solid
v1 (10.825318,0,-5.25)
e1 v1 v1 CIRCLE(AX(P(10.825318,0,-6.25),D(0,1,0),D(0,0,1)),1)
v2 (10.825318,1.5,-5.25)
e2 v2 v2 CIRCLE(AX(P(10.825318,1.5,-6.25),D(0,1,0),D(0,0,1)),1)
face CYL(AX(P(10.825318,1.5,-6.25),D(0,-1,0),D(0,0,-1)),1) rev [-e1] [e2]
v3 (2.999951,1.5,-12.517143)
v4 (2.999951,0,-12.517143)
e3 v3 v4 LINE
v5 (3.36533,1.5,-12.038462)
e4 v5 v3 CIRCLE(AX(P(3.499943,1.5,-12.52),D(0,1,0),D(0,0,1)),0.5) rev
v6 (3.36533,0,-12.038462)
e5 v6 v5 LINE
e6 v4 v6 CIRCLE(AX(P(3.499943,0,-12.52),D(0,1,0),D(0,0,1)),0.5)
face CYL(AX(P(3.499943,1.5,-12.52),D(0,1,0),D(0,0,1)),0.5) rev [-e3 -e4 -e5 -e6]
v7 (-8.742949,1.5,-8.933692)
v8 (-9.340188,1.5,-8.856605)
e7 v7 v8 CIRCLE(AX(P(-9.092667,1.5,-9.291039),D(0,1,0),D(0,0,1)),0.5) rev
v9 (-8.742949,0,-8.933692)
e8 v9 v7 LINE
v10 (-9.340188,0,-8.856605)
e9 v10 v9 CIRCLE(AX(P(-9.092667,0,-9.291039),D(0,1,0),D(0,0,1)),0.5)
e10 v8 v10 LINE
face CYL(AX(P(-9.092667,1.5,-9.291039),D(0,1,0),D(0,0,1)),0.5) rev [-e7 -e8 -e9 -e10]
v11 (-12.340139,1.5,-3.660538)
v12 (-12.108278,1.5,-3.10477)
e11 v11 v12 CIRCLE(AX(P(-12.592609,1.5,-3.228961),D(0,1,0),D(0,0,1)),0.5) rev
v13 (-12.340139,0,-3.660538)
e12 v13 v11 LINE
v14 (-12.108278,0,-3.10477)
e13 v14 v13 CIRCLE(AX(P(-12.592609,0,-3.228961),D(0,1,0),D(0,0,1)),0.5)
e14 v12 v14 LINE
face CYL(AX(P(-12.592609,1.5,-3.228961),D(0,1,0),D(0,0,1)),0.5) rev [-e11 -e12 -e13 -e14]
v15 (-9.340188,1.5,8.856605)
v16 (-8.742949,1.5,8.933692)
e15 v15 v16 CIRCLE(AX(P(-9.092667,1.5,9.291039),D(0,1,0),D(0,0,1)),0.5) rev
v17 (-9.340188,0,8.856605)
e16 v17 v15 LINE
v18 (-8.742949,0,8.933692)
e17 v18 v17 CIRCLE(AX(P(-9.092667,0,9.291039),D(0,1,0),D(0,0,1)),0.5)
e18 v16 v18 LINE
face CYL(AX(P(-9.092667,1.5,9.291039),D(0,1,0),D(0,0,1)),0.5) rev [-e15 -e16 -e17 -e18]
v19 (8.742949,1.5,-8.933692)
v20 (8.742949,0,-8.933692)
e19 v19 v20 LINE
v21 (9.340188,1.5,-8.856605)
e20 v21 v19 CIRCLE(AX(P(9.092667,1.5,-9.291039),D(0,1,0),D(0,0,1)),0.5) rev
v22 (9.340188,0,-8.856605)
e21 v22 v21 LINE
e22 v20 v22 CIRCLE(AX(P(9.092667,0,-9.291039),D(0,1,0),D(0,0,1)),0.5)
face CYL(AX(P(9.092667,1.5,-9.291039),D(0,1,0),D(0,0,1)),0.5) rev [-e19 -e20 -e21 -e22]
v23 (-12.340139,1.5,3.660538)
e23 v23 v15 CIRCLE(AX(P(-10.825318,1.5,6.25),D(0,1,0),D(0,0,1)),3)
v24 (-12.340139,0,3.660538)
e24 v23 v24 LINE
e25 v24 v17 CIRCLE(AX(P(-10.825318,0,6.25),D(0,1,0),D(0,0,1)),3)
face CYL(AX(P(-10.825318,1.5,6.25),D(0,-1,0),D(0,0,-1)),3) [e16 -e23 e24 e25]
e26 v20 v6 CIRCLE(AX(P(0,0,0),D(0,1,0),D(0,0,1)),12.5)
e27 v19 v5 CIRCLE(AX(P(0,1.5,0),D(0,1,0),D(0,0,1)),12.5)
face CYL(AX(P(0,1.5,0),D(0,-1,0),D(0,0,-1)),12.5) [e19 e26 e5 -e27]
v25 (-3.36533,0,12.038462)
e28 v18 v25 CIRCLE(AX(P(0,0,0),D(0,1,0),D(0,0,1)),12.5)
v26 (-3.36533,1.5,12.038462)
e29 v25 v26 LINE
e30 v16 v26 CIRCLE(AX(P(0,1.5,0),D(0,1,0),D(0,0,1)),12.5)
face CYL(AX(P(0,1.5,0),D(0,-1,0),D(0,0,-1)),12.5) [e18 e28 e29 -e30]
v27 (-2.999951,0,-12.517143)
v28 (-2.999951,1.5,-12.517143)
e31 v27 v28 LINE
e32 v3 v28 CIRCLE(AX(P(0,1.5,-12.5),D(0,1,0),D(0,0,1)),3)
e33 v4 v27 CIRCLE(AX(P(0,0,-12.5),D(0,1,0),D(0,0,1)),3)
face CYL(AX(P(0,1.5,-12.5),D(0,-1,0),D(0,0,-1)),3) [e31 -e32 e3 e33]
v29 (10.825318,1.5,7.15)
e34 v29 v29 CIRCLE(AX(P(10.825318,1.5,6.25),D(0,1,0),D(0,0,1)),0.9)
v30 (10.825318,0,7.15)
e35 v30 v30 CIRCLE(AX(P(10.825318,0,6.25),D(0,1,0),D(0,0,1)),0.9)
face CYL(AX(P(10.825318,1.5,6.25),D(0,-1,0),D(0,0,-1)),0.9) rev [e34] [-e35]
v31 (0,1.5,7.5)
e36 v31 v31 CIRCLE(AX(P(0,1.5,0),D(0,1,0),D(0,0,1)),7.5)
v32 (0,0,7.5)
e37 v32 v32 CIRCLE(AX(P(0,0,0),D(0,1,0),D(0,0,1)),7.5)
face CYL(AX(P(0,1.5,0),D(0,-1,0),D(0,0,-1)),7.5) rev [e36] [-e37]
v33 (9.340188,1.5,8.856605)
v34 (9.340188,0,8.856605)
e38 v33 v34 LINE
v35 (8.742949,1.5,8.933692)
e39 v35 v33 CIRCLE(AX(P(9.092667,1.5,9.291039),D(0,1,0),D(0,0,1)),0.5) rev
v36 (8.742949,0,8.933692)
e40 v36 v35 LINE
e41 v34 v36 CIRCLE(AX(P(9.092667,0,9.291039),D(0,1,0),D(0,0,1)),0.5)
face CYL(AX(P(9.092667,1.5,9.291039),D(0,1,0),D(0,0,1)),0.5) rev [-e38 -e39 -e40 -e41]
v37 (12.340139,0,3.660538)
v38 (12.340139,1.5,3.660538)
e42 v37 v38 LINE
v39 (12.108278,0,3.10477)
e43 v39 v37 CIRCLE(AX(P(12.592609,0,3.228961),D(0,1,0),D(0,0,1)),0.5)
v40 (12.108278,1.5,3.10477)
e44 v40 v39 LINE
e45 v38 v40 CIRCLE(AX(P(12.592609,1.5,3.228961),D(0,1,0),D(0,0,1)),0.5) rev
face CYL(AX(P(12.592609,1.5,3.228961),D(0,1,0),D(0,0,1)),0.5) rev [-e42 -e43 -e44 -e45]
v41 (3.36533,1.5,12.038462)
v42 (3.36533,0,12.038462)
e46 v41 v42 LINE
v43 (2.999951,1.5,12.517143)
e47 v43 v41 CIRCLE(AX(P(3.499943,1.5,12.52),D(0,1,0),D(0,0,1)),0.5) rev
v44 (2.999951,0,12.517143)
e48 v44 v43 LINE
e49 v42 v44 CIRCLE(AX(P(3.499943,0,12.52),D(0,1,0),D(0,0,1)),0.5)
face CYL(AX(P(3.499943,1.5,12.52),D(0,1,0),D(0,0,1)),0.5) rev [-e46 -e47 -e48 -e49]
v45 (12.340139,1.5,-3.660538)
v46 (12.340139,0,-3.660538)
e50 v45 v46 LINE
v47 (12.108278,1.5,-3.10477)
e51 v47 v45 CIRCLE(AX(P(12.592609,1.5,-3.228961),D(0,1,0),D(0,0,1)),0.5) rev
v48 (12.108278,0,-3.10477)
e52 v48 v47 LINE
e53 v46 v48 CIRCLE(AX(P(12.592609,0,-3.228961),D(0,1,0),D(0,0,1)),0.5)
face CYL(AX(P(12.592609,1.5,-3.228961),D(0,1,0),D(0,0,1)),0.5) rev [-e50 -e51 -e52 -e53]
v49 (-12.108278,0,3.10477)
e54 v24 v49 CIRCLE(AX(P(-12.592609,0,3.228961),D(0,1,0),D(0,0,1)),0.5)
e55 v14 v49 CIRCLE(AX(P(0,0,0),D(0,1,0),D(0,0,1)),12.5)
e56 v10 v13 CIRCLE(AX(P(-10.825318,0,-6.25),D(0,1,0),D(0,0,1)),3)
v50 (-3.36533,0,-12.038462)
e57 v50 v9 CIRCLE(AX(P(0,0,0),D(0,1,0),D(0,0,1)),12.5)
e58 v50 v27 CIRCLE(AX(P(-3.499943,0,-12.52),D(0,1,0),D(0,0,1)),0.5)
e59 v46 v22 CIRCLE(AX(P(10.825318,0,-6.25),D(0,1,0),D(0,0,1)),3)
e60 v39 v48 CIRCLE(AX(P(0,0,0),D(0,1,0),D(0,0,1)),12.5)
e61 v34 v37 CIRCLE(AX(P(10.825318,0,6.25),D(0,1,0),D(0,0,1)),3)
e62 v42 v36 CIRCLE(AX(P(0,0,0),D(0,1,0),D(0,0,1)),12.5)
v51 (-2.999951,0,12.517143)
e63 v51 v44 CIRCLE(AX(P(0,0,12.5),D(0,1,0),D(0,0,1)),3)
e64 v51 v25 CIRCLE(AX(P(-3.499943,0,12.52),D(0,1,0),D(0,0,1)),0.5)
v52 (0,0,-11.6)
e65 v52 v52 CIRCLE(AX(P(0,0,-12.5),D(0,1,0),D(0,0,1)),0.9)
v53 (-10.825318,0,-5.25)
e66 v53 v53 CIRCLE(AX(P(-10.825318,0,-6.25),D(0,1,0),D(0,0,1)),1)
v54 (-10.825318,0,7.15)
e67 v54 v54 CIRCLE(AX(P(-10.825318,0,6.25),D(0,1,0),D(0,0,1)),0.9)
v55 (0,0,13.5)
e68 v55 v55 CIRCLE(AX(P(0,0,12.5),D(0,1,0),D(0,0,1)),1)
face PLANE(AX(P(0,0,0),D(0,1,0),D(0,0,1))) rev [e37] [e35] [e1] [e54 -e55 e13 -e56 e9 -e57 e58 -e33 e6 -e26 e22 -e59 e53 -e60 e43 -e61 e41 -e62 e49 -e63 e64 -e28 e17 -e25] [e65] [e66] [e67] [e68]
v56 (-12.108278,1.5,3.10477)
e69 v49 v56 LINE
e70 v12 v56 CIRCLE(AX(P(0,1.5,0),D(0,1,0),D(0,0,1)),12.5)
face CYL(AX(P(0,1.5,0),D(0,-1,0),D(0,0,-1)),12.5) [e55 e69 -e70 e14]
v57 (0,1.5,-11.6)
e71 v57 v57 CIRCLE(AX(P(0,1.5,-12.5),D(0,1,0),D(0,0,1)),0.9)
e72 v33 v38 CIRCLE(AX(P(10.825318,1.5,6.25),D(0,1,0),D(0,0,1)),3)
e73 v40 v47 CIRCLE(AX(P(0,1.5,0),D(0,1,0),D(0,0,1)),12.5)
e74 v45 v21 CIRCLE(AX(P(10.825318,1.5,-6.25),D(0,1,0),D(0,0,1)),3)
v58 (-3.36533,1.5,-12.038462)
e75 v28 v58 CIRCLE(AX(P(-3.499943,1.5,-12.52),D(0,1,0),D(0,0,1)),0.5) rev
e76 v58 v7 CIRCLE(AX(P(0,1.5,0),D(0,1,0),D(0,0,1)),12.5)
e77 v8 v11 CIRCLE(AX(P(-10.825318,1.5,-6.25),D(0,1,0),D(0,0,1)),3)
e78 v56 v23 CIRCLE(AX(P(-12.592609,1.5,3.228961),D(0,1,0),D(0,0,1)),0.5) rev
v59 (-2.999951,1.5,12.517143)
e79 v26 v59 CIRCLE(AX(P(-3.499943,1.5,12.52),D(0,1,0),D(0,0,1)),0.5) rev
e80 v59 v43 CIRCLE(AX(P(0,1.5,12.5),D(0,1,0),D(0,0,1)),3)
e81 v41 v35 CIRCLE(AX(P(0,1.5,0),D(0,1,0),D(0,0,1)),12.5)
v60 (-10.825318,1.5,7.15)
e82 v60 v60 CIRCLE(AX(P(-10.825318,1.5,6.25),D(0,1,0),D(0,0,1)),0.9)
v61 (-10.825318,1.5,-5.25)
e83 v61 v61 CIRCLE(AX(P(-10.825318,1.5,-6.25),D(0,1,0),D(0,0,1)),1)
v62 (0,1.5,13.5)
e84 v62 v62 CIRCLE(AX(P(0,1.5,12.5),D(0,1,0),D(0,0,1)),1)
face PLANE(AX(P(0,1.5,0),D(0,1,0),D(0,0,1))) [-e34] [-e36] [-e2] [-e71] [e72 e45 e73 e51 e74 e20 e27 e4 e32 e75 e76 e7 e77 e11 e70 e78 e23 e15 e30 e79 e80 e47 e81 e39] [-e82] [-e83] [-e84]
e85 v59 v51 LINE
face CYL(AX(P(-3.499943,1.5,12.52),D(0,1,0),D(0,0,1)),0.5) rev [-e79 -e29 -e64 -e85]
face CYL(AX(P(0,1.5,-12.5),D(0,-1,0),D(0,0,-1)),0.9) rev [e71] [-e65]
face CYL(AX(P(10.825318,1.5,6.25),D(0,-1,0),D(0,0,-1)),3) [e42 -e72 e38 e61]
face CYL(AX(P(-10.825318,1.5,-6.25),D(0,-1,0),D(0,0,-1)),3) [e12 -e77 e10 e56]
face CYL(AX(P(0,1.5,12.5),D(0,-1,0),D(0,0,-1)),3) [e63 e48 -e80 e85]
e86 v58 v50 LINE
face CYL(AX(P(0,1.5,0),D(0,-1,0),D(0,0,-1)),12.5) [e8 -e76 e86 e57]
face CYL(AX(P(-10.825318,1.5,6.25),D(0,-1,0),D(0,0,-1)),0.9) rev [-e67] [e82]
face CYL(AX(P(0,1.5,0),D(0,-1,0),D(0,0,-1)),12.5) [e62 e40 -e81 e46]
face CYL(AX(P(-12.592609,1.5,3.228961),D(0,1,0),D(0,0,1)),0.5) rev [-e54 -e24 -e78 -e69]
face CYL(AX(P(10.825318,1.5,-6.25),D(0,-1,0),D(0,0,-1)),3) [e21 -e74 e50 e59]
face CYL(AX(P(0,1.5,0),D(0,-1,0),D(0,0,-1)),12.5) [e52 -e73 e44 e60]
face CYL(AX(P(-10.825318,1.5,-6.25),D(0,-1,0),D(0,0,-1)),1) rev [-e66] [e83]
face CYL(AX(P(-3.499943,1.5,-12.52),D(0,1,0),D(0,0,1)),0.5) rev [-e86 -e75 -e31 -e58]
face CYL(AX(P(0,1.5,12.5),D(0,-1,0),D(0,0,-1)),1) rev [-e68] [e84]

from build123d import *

# Parameters (mm, degrees)
SKETCH1_R           = 0.9
SKETCH1_R_2         = 7.5
SKETCH1_R_3         = 1
BOSS_EXTRUDE1_DEPTH = 1.5
FILLET1_R           = 0.5


with BuildPart() as part:
    # Sketch1 → Boss-Extrude1 (new body)
    with BuildSketch(Plane(origin=(0, 0, 0), x_dir=(1, 0, 0), z_dir=(0, 1, 0))):
        with BuildLine():
            Line((-3, -12.1346611), (-3, -12.5))
            ThreePointArc((-3, -12.5), (0, -15.5), (3, -12.5))
            Line((3, -12.5), (3, -12.1346611))
            ThreePointArc((3, -12.1346611), (6.25, -10.825317547), (9.008924778, -8.665406761))
            Line((9.008924778, -8.665406761), (9.325317547, -8.848076211))
            ThreePointArc((9.325317547, -8.848076211), (13.423393759, -7.75), (12.325317547, -3.651923789))
            Line((12.325317547, -3.651923789), (12.008924778, -3.469254338))
            ThreePointArc((12.008924778, -3.469254338), (12.5, 0), (12.008924778, 3.469254338))
            Line((12.008924778, 3.469254338), (12.325317547, 3.651923789))
            ThreePointArc((12.325317547, 3.651923789), (13.423393759, 7.75), (9.325317547, 8.848076211))
            Line((9.325317547, 8.848076211), (9.008924778, 8.665406761))
            ThreePointArc((9.008924778, 8.665406761), (6.25, 10.825317547), (3, 12.1346611))
            Line((3, 12.1346611), (3, 12.5))
            ThreePointArc((3, 12.5), (0, 15.5), (-3, 12.5))
            Line((-3, 12.5), (-3, 12.1346611))
            ThreePointArc((-3, 12.1346611), (-6.25, 10.825317547), (-9.008924778, 8.665406761))
            Line((-9.008924778, 8.665406761), (-9.325317547, 8.848076211))
            ThreePointArc((-9.325317547, 8.848076211), (-13.423393759, 7.75), (-12.325317547, 3.651923789))
            Line((-12.325317547, 3.651923789), (-12.008924778, 3.469254338))
            ThreePointArc((-12.008924778, 3.469254338), (-12.5, 0), (-12.008924778, -3.469254338))
            Line((-12.008924778, -3.469254338), (-12.325317547, -3.651923789))
            ThreePointArc((-12.325317547, -3.651923789), (-13.423393759, -7.75), (-9.325317547, -8.848076211))
            Line((-9.325317547, -8.848076211), (-9.008924778, -8.665406761))
            ThreePointArc((-9.008924778, -8.665406761), (-6.25, -10.825317547), (-3, -12.1346611))
        make_face()
        with Locations(Location((-10.825317547, -6.25, 0), (0, 0, 270))):
            Circle(SKETCH1_R, mode=Mode.SUBTRACT)
        with Locations(Location((0, 0, 0), (0, 0, 270))):
            Circle(SKETCH1_R_2, mode=Mode.SUBTRACT)
        with Locations(Location((-10.825317547, 6.25, 0), (0, 0, 270))):
            Circle(SKETCH1_R_3, mode=Mode.SUBTRACT)
        with Locations(Location((0, 12.5, 0), (0, 0, 270))):
            Circle(SKETCH1_R, mode=Mode.SUBTRACT)
        with Locations(Location((10.825317547, 6.25, 0), (0, 0, 270))):
            Circle(SKETCH1_R_3, mode=Mode.SUBTRACT)
        with Locations(Location((10.825317547, -6.25, 0), (0, 0, 270))):
            Circle(SKETCH1_R, mode=Mode.SUBTRACT)
        with Locations(Location((0, -12.5, 0), (0, 0, 270))):
            Circle(SKETCH1_R_3, mode=Mode.SUBTRACT)
    extrude(amount=BOSS_EXTRUDE1_DEPTH)

    # Fillet1
    fillet1_edges = [part.edges().sort_by_distance(p)[0] for p in [
        (-3, 0.75, 12.1346611),
        (3, 0.75, 12.1346611),
        (9.008924778, 0.75, 8.665406761),
        (12.008924778, 0.75, 3.469254338),
        (12.008924778, 0.75, -3.469254338),
        (9.008924778, 0.75, -8.665406761),
        (3, 0.75, -12.1346611),
        (-3, 0.75, -12.1346611),
        (-9.008924778, 0.75, -8.665406761),
        (-12.008924778, 0.75, -3.469254338),
        (-12.008924778, 0.75, 3.469254338),
        (-9.008924778, 0.75, 8.665406761),
    ]]
    fillet(fillet1_edges, radius=FILLET1_R)


solid = part.part
